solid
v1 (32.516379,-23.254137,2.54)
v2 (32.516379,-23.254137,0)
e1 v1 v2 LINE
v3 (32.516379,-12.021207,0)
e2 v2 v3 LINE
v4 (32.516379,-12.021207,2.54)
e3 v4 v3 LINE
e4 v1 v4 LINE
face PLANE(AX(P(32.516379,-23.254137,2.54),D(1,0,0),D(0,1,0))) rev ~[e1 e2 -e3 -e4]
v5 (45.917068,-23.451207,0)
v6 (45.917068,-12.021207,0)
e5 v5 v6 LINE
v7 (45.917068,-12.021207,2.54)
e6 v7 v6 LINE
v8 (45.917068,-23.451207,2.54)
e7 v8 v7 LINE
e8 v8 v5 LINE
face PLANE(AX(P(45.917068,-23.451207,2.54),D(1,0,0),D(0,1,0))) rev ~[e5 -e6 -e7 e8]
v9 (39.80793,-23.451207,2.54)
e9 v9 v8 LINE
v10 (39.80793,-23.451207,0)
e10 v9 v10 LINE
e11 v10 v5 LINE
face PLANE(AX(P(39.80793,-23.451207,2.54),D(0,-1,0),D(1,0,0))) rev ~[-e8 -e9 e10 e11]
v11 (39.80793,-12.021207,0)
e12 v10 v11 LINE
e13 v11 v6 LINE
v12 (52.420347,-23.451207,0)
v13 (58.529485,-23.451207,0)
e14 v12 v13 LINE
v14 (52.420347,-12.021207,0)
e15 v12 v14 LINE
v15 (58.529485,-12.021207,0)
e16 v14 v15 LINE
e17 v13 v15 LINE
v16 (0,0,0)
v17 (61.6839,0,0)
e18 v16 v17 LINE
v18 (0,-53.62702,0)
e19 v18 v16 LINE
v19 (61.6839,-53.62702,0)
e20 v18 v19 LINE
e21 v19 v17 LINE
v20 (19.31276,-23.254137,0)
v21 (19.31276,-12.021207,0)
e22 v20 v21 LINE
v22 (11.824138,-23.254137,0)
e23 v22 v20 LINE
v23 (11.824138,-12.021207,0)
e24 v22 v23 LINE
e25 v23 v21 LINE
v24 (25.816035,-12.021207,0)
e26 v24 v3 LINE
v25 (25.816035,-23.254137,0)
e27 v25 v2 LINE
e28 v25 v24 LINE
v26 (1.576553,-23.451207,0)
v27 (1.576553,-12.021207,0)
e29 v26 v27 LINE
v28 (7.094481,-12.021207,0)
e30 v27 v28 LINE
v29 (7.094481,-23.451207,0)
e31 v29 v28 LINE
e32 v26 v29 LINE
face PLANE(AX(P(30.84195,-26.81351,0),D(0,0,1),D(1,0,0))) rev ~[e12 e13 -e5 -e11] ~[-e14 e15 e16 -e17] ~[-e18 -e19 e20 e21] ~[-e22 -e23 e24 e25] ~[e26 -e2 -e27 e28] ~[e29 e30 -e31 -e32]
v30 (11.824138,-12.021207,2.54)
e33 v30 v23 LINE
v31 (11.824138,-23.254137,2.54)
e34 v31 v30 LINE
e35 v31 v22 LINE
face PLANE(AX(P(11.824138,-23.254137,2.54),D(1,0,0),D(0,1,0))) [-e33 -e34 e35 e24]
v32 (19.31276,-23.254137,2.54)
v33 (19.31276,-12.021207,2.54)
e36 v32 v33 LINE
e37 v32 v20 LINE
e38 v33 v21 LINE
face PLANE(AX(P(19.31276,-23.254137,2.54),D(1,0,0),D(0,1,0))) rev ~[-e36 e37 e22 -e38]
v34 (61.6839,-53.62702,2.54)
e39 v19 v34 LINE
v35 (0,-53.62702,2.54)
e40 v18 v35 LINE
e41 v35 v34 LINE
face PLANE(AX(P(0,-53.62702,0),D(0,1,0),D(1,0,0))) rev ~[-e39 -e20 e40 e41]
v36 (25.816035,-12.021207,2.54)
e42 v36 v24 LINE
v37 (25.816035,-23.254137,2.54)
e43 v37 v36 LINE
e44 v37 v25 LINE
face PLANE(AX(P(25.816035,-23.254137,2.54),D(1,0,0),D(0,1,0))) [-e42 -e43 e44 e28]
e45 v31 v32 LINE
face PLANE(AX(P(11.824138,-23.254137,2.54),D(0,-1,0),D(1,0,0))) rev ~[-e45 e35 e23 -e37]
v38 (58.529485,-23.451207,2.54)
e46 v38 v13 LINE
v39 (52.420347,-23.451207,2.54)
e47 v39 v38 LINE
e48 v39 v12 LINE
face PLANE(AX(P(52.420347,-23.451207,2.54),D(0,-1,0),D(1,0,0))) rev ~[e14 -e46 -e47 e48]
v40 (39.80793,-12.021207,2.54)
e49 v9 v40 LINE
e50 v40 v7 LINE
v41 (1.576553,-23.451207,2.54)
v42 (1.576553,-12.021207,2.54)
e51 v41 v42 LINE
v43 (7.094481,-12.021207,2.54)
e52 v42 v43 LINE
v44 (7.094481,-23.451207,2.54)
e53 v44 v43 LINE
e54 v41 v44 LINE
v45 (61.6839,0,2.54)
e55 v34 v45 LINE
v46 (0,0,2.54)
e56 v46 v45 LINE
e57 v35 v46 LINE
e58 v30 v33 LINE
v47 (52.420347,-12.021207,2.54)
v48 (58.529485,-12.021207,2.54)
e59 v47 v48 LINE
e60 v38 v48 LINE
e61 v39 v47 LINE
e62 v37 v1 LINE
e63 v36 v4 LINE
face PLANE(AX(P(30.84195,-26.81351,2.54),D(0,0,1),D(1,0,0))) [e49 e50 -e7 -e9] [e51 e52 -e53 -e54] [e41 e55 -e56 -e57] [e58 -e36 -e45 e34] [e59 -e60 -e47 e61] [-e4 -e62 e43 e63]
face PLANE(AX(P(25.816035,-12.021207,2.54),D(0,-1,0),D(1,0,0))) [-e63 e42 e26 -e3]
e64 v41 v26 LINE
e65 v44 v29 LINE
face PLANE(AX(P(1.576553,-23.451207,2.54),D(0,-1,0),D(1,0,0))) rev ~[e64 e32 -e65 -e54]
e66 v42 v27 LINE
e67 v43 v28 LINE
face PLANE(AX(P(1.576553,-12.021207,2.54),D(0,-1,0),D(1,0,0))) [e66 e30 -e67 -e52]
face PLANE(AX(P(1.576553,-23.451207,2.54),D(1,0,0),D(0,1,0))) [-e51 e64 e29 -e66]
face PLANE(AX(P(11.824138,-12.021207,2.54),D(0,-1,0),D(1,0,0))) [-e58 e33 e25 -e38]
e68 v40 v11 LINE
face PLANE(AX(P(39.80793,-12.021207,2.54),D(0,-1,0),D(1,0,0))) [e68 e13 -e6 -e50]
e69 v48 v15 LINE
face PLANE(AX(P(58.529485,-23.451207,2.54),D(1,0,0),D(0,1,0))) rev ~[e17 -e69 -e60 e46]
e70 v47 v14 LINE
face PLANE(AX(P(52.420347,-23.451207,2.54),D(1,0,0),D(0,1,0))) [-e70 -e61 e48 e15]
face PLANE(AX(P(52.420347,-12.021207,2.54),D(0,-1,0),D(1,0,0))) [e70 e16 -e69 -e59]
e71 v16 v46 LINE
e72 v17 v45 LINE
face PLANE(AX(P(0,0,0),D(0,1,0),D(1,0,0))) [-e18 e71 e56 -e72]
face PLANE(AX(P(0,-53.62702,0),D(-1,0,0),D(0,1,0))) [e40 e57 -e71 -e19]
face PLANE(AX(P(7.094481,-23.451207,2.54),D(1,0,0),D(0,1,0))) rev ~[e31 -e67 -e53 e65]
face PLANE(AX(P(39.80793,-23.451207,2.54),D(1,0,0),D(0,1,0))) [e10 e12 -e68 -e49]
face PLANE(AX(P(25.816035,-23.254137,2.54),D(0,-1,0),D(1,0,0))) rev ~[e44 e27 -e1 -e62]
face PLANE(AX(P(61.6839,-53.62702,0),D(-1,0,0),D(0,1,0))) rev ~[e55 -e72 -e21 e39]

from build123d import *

# Parameters (mm, degrees)
F0_W     = 61.6839
F0_H     = 53.62702
F1_DEPTH = 2.54
F2_W     = 7.488623
F2_H     = 11.23293
F2_W_2   = 6.700344
F2_W_3   = 6.109137
F2_H_2   = 11.43
F2_W_4   = 5.517929
F3_DEPTH = 25.4


with BuildPart() as f1:
    # F0 (on Top) → F1 (new body)
    with BuildSketch(Plane.XY):
        with Locations((30.84195, -26.81351)):
            Rectangle(F0_W, F0_H)
    extrude(amount=F1_DEPTH)

    # F2 (on face) → F3 (cut)
    with BuildSketch(Plane.XY.offset(2.54)):
        with Locations((15.568449, -17.637672)):
            Rectangle(F2_W, F2_H)
        with Locations((29.166207, -17.637672)):
            Rectangle(F2_W_2, F2_H)
        with Locations((42.862499, -17.736207)):
            Rectangle(F2_W_3, F2_H_2)
        with Locations((55.474916, -17.736207)):
            Rectangle(F2_W_3, F2_H_2)
        with Locations((4.335517, -17.736207)):
            Rectangle(F2_W_4, F2_H_2)
    extrude(amount=-F3_DEPTH, mode=Mode.SUBTRACT)


solid = f1.part
